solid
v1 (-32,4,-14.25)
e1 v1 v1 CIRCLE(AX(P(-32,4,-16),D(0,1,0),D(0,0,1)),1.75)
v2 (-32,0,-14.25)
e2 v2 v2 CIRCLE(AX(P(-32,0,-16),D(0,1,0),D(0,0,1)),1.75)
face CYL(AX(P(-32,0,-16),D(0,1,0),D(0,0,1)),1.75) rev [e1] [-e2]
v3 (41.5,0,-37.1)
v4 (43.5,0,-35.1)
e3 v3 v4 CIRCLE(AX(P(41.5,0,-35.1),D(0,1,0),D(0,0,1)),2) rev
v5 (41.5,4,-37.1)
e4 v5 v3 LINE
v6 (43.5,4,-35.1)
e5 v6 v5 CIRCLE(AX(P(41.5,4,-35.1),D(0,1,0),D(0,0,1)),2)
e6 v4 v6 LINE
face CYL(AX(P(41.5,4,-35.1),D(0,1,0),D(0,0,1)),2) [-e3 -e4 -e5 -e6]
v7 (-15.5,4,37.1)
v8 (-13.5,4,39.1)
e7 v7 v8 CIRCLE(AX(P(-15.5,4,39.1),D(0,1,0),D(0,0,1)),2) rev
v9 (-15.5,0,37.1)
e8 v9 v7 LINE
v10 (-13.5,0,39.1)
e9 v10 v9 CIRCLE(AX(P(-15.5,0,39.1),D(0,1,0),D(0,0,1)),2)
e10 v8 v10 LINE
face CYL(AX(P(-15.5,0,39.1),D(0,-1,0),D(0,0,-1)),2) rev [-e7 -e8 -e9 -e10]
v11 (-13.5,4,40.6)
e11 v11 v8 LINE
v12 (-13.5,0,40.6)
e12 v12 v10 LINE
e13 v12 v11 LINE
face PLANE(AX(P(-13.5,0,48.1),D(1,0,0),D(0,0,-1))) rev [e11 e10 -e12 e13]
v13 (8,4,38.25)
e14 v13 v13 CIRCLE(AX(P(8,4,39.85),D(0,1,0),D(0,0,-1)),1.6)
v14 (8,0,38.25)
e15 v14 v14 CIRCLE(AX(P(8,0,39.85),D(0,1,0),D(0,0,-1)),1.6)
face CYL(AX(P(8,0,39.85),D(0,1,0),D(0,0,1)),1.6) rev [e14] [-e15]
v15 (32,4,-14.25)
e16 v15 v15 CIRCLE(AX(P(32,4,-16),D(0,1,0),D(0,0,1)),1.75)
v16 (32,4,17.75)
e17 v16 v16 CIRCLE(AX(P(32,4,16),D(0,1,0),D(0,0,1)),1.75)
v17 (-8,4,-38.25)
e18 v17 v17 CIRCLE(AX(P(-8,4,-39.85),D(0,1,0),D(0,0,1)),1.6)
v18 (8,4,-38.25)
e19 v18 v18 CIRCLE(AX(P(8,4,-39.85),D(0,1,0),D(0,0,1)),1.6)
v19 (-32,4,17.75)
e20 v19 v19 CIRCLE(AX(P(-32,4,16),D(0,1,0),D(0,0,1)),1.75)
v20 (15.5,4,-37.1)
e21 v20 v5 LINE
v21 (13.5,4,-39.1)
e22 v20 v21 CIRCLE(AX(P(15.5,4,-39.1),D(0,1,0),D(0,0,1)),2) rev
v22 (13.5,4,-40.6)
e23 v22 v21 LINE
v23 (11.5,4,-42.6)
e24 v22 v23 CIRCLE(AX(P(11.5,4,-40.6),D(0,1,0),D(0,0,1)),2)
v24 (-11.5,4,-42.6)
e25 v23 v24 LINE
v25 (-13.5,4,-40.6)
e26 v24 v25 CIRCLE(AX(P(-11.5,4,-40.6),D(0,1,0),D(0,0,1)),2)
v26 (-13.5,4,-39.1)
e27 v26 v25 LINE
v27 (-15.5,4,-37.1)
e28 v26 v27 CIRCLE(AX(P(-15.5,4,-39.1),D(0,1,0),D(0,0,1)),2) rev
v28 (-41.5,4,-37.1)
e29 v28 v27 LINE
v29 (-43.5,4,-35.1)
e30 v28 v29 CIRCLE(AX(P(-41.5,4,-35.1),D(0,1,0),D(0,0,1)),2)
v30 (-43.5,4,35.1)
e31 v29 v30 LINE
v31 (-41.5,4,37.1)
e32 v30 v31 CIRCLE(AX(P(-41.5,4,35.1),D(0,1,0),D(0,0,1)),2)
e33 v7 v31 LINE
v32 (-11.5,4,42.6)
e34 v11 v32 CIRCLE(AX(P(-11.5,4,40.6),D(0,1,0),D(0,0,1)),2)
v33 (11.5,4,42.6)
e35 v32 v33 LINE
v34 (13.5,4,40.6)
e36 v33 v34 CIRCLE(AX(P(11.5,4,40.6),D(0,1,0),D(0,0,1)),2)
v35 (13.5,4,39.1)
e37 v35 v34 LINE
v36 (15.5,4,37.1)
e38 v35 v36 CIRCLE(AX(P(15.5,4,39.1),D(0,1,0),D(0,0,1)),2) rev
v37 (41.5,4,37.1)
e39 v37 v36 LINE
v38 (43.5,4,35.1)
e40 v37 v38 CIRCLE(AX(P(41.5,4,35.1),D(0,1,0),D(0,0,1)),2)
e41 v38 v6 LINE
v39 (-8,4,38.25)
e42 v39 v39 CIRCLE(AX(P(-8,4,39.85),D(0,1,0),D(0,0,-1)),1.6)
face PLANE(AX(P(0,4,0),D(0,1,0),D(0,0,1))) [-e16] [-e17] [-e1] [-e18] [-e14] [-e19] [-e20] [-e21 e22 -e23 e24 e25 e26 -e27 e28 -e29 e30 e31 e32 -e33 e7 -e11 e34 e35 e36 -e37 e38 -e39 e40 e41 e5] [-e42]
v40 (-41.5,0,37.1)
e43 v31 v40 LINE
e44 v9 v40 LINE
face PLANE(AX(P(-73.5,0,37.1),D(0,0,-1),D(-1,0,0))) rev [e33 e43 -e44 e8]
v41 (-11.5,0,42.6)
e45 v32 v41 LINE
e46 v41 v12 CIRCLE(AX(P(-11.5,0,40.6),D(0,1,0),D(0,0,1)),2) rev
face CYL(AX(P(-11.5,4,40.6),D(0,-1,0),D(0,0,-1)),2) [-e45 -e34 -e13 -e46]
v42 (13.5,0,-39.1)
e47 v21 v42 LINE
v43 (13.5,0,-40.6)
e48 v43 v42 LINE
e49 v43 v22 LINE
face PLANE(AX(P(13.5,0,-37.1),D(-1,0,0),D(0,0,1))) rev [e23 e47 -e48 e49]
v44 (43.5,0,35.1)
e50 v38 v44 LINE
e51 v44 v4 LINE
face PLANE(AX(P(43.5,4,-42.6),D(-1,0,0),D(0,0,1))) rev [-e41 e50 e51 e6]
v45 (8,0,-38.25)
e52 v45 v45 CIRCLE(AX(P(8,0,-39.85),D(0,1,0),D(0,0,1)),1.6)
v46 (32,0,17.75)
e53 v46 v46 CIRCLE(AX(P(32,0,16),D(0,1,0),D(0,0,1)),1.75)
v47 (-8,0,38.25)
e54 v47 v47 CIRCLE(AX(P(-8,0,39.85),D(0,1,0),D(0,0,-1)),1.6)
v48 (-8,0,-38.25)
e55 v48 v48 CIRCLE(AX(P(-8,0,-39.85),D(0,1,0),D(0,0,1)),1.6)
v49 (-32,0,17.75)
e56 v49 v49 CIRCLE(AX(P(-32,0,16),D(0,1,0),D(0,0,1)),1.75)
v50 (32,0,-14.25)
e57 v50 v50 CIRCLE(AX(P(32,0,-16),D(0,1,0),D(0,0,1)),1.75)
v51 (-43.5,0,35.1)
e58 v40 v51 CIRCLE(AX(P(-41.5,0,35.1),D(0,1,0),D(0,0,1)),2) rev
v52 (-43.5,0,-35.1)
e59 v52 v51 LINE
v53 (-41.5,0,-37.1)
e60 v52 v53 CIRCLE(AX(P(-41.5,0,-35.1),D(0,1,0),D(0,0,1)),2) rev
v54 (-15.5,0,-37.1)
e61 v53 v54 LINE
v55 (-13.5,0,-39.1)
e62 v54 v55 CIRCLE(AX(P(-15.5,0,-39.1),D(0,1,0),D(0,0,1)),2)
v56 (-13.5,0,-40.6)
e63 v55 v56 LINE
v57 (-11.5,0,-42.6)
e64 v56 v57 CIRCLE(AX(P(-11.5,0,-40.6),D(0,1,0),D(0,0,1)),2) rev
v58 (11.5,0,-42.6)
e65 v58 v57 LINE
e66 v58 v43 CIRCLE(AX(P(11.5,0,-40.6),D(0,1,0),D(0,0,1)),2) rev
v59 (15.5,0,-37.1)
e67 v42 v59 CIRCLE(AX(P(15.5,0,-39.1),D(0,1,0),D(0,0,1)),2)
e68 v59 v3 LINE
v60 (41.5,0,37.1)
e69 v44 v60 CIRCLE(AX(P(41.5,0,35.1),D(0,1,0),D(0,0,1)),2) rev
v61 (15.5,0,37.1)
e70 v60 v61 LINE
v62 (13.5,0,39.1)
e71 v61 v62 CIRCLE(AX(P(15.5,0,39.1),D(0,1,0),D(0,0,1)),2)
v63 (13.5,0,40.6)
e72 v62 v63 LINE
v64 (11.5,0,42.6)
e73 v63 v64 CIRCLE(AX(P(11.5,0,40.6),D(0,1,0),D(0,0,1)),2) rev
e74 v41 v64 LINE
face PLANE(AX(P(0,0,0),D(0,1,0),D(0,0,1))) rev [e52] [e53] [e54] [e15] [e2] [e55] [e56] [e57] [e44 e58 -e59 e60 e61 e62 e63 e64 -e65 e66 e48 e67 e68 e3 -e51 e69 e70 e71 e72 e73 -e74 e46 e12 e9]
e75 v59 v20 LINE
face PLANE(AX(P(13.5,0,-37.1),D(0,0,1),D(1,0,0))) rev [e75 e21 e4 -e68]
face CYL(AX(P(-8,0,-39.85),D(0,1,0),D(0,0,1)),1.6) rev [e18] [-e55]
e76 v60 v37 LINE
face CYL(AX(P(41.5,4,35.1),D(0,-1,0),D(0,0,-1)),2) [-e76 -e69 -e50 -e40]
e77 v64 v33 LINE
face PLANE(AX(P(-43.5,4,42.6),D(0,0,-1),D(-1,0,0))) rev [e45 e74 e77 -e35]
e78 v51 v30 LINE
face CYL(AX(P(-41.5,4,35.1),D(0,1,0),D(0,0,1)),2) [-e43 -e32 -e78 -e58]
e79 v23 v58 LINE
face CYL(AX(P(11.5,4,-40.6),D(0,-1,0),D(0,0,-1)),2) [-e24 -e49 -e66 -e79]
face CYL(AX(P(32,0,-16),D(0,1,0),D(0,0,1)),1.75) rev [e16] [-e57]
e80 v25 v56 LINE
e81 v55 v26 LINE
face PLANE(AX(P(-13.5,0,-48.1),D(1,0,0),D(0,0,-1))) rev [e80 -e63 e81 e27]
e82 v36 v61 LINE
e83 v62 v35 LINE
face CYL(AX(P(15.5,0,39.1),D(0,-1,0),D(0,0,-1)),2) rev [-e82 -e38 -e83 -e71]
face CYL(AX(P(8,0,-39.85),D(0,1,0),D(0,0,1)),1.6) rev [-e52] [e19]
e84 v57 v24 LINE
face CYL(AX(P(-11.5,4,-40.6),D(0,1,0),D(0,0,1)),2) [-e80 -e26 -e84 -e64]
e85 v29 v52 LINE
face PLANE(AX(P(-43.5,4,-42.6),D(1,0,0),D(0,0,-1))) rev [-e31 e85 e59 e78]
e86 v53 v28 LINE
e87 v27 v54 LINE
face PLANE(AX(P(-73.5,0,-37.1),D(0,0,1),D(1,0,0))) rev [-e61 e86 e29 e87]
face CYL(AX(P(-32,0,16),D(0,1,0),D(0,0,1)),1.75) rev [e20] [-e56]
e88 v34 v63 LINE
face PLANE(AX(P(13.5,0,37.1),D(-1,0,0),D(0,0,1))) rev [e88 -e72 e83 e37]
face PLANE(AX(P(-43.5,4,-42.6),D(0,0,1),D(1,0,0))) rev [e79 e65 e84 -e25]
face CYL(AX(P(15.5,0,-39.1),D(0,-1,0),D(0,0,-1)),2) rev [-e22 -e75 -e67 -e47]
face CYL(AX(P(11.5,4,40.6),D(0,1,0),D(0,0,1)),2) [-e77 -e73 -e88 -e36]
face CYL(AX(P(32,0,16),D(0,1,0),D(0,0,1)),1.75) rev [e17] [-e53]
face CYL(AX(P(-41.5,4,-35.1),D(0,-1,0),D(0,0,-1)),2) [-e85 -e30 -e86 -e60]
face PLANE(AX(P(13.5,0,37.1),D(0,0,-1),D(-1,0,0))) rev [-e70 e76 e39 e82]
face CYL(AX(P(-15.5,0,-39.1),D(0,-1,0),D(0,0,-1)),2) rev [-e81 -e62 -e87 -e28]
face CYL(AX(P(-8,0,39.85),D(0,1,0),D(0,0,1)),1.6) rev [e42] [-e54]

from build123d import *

# Parameters (mm, degrees)
SKETCH_1_W          = 87
SKETCH_1_H          = 85.2
EXTRUDE_1_DEPTH     = 4
SKETCH_2_W          = 60
SKETCH_2_H          = 11
CUT_EXTRUDE_1_DEPTH = 4
SKETCH_3_R          = 1.75
CUT_EXTRUDE_2_DEPTH = 4
SKETCH_4_R          = 1.6
CUT_EXTRUDE_3_DEPTH = 4
FILLET_3_R          = 2


with BuildPart() as part:
    # 草图1 → 凸台-拉伸1 (new body)
    with BuildSketch(Plane(origin=(0, 0, 0), x_dir=(1, 0, 0), z_dir=(0, 1, 0))):
        Rectangle(SKETCH_1_W, SKETCH_1_H)
    extrude(amount=EXTRUDE_1_DEPTH)

    # 草图2 → 切除-拉伸1 (cut)
    with BuildSketch(Plane(origin=(0, 4, 0), x_dir=(1, 0, 0), z_dir=(0, 1, 0))):
        with Locations((-43.5, 42.6)):
            Rectangle(SKETCH_2_W, SKETCH_2_H)
        with Locations((43.5, 42.6)):
            Rectangle(SKETCH_2_W, SKETCH_2_H)
        with Locations((43.5, -42.6)):
            Rectangle(SKETCH_2_W, SKETCH_2_H)
        with Locations((-43.5, -42.6)):
            Rectangle(SKETCH_2_W, SKETCH_2_H)
    extrude(amount=-CUT_EXTRUDE_1_DEPTH, mode=Mode.SUBTRACT)

    # 草图3 → 切除-拉伸2 (cut)
    with BuildSketch(Plane(origin=(0, 4, 0), x_dir=(1, 0, 0), z_dir=(0, 1, 0))):
        with Locations(Location((-32, 16, 0), (0, 0, 270))):
            Circle(SKETCH_3_R)
        with Locations(Location((32, 16, 0), (0, 0, 270))):
            Circle(SKETCH_3_R)
        with Locations(Location((-32, -16, 0), (0, 0, 270))):
            Circle(SKETCH_3_R)
        with Locations(Location((32, -16, 0), (0, 0, 270))):
            Circle(SKETCH_3_R)
    extrude(amount=-CUT_EXTRUDE_2_DEPTH, mode=Mode.SUBTRACT)

    # 草图4 → 切除-拉伸3 (cut)
    with BuildSketch(Plane(origin=(0, 4, 0), x_dir=(1, 0, 0), z_dir=(0, 1, 0))):
        with Locations(Location((-8, 39.85, 0), (0, 0, 270))):
            Circle(SKETCH_4_R)
        with Locations(Location((8, 39.85, 0), (0, 0, 270))):
            Circle(SKETCH_4_R)
        with Locations(Location((8, -39.85, 0), (0, 0, 90))):
            Circle(SKETCH_4_R)
        with Locations(Location((-8, -39.85, 0), (0, 0, 90))):
            Circle(SKETCH_4_R)
    extrude(amount=-CUT_EXTRUDE_3_DEPTH, mode=Mode.SUBTRACT)

    # 圆角3
    fillet_3_edges = [part.edges().sort_by_distance(p)[0] for p in [
        (-13.5, 2, -42.6),
        (-43.5, 2, -37.1),
        (-13.5, 2, -37.1),
        (43.5, 2, -37.1),
        (13.5, 2, -42.6),
        (13.5, 2, -37.1),
        (43.5, 2, 37.1),
        (13.5, 2, 37.1),
        (13.5, 2, 42.6),
        (-43.5, 2, 37.1),
        (-13.5, 2, 42.6),
        (-13.5, 2, 37.1),
    ]]
    fillet(fillet_3_edges, radius=FILLET_3_R)


solid = part.part
